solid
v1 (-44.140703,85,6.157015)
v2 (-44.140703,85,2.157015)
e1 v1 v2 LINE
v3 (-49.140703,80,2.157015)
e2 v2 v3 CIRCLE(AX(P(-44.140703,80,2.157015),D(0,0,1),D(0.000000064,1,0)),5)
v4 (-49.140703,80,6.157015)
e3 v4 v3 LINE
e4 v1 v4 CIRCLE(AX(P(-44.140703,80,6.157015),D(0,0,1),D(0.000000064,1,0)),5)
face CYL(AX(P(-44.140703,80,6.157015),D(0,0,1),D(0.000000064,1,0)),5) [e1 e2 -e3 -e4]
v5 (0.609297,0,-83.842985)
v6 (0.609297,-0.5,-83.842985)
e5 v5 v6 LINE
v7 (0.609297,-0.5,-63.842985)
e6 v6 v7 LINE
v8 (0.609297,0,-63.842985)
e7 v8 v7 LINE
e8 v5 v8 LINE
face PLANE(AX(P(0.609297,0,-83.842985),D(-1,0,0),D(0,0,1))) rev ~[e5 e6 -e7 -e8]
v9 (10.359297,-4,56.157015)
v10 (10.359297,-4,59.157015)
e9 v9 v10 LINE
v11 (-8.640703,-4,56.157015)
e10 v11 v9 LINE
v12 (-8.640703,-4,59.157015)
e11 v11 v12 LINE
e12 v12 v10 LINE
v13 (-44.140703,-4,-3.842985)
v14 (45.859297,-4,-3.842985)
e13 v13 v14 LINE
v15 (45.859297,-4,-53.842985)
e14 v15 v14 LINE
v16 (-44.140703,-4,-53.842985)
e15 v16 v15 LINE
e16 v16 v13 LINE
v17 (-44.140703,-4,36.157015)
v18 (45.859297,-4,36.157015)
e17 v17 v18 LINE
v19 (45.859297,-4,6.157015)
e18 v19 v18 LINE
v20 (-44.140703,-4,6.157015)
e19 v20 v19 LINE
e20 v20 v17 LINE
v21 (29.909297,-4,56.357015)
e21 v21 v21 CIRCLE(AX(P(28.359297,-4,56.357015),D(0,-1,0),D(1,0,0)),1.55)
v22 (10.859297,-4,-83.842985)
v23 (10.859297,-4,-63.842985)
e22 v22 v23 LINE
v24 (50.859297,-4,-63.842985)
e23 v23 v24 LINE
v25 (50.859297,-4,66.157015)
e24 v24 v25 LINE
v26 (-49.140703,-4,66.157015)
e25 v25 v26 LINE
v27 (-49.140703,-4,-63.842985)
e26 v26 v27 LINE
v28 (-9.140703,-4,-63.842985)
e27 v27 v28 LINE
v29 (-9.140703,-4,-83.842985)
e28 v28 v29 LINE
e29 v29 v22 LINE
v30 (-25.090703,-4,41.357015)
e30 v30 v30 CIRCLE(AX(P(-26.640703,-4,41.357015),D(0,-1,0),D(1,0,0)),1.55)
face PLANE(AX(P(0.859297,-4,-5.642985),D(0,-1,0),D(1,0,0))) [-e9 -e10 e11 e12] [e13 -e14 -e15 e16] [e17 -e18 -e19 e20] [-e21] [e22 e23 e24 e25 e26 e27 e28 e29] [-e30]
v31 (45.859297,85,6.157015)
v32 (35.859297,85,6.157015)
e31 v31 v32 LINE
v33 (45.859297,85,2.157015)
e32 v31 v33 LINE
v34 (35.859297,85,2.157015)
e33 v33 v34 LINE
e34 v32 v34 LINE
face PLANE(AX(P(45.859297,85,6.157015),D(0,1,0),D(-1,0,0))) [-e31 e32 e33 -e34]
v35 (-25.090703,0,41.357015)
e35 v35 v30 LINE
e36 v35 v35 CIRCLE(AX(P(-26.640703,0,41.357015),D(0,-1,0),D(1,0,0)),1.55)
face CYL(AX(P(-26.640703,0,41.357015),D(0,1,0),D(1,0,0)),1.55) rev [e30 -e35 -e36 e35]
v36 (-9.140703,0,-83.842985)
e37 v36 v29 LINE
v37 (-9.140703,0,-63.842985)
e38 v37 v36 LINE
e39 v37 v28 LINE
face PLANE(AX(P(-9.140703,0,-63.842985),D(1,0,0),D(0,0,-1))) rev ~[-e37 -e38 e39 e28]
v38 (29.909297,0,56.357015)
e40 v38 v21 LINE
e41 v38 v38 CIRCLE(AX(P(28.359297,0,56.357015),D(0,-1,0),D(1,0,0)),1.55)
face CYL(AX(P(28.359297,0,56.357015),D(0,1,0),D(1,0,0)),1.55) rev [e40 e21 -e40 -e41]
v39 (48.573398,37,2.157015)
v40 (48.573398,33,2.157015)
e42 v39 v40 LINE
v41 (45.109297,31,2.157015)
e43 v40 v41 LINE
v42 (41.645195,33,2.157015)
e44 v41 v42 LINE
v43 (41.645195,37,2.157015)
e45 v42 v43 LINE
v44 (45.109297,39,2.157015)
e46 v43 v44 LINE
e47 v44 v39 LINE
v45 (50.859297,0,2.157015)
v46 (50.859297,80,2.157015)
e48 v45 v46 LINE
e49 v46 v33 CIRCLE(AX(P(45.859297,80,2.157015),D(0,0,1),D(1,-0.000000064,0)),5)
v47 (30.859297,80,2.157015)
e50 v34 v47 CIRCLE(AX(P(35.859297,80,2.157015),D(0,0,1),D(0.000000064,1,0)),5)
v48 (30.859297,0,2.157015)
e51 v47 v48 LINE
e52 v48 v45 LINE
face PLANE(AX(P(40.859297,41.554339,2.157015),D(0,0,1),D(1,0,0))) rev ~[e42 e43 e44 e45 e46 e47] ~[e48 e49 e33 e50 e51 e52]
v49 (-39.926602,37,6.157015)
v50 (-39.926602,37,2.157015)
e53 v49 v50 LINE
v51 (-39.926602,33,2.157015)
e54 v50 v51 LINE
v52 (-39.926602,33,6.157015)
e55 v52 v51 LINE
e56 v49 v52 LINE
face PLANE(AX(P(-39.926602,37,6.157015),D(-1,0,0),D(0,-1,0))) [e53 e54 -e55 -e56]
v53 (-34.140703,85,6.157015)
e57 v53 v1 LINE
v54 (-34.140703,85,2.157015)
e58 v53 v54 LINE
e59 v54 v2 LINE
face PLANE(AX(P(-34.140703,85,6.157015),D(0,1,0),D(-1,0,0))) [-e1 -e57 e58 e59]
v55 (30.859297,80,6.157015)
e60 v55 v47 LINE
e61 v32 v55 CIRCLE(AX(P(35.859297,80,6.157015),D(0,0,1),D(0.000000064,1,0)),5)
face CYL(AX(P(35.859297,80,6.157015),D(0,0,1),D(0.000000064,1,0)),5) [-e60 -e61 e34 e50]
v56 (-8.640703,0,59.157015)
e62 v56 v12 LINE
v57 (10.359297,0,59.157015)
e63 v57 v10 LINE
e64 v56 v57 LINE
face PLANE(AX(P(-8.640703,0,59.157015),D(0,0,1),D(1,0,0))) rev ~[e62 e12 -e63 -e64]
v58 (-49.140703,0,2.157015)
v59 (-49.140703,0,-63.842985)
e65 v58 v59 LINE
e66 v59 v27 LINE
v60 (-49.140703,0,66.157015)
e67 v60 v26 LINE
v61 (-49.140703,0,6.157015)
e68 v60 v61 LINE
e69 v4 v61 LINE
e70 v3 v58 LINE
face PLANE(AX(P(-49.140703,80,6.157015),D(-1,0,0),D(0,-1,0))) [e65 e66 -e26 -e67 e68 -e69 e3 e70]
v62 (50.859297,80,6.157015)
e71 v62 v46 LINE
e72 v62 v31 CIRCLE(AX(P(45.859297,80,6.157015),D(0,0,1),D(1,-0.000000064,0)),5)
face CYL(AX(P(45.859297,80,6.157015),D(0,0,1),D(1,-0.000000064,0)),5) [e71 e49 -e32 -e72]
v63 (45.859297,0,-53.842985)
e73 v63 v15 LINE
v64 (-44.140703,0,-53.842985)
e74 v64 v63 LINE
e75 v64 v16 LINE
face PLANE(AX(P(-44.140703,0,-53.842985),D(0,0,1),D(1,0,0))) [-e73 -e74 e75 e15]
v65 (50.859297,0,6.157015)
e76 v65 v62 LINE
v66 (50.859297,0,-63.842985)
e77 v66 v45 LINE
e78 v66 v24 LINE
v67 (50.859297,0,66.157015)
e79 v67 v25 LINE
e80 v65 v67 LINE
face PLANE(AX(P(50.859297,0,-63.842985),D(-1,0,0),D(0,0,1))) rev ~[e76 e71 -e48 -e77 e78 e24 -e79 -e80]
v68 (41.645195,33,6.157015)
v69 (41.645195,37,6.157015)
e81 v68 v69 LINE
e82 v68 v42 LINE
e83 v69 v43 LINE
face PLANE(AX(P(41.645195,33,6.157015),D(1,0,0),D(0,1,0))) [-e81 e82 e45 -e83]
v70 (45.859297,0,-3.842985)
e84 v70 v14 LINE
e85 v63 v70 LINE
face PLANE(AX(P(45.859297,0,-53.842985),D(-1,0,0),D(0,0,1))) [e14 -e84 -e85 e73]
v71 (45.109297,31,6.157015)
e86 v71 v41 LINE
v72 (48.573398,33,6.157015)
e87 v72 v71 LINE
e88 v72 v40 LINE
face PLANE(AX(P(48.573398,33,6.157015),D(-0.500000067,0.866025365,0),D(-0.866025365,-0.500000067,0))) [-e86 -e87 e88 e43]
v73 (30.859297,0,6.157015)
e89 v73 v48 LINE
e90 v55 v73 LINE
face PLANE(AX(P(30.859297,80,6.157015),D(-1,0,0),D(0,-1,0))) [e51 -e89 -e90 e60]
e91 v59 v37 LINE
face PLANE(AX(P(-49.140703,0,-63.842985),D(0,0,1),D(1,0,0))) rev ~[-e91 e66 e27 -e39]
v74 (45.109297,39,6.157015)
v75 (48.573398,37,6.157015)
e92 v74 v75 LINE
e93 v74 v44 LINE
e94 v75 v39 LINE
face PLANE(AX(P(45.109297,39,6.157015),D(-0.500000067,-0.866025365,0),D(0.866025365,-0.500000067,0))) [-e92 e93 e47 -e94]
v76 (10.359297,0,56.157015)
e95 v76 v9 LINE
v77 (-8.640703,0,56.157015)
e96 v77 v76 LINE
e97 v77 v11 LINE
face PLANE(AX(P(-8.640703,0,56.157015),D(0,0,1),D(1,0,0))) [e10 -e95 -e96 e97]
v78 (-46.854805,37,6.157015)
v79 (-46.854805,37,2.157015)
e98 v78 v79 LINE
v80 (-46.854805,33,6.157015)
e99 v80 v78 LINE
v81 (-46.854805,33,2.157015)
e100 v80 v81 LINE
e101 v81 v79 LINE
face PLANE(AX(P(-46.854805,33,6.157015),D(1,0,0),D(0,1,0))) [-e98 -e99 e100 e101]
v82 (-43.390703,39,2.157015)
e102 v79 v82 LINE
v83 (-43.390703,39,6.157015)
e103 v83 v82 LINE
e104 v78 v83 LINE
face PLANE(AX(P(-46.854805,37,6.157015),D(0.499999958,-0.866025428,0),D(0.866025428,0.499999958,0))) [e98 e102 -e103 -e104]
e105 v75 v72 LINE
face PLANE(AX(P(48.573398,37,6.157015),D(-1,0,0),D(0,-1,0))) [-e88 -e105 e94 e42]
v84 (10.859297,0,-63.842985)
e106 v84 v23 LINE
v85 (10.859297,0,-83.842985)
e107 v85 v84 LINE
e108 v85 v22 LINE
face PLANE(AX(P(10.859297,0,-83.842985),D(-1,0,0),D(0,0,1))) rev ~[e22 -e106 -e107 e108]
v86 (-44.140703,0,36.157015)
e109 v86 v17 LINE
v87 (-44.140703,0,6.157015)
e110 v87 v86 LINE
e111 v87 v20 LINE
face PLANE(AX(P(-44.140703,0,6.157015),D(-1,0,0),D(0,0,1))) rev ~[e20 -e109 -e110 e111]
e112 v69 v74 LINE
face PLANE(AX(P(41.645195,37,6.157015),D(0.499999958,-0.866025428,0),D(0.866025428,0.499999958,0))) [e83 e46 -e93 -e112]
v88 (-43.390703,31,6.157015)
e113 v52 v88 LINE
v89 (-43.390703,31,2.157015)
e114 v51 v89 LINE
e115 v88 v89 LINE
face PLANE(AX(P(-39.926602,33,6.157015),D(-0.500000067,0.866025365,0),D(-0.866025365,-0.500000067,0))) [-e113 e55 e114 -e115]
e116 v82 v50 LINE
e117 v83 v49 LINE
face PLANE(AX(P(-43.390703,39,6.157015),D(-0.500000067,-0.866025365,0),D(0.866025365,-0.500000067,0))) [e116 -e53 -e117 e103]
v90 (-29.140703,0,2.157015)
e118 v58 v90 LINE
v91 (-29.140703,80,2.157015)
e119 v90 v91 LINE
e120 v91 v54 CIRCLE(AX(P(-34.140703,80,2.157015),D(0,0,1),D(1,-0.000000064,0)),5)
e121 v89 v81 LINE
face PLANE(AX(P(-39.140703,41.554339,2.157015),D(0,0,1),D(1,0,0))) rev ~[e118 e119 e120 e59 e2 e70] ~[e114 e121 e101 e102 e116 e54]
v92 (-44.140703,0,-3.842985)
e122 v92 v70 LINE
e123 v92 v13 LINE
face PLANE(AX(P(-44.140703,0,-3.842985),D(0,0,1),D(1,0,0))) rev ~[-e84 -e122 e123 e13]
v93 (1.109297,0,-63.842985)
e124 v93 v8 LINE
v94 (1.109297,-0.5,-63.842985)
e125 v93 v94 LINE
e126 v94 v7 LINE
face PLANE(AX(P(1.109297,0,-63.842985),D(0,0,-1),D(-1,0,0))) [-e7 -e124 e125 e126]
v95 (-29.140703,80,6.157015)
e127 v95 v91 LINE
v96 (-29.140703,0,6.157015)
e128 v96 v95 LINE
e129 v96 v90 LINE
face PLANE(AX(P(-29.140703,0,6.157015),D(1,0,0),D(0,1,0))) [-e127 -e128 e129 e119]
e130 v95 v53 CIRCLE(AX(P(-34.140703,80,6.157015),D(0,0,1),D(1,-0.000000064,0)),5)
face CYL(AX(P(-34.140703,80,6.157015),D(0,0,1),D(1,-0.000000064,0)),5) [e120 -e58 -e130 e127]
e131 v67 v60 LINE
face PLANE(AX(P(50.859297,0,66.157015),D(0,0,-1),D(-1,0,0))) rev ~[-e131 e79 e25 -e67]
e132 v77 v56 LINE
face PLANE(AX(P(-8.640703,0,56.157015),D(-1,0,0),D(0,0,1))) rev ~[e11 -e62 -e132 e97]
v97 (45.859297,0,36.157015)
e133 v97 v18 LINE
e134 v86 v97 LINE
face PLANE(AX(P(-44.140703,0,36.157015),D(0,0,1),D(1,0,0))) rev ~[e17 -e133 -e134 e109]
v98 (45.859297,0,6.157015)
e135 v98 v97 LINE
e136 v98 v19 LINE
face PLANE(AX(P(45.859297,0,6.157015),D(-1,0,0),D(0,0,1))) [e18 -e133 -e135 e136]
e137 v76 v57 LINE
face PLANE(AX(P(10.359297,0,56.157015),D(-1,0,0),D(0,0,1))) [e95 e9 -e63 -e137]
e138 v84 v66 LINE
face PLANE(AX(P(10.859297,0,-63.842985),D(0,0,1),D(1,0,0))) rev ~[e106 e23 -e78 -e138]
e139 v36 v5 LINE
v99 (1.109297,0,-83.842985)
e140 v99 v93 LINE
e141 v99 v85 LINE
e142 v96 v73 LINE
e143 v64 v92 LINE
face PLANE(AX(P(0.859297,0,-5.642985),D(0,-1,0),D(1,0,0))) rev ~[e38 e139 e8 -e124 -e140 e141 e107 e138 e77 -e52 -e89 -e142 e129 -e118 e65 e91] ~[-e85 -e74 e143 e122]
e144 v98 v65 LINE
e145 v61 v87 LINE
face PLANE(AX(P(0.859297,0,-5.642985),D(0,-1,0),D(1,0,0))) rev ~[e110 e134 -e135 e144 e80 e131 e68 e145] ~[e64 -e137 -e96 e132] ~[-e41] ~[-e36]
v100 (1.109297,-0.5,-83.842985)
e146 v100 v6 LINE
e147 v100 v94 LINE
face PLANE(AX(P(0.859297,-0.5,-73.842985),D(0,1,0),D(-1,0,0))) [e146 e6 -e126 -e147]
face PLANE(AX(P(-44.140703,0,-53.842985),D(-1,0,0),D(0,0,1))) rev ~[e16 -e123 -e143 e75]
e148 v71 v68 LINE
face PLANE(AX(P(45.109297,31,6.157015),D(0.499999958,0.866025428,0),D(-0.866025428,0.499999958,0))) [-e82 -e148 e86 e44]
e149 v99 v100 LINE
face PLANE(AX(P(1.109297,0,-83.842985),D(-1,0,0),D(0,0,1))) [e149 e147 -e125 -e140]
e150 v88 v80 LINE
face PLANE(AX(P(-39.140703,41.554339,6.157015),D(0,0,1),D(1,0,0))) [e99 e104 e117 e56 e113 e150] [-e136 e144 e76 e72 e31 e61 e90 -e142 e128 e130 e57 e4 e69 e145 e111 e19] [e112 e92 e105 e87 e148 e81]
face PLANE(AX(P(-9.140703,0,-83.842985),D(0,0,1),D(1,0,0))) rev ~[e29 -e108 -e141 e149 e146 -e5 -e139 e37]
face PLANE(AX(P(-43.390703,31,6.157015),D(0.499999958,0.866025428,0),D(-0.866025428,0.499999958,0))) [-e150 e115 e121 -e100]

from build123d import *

# Parameters (mm, degrees)
F0_W     = 90
F0_H     = 50
F0_H_2   = 30
F0_R     = 1.55
F0_W_2   = 19
F0_H_3   = 3
F1_DEPTH = 4
F3_DEPTH = 4
F4_W     = 0.5
F4_H     = 20
F5_DEPTH = 0.5


with BuildPart() as f1:
    # F0 (on Front) → F1 (new body)
    with BuildSketch(Plane.XZ):
        Polygon((50.859297, 66.157015), (-49.140703, 66.157015), (-49.140703, -63.842985), (-9.140703, -63.842985), (-9.140703, -83.842985), (10.859297, -83.842985), (10.859297, -63.842985), (50.859297, -63.842985), align=None)
        with Locations((0.859297, -28.842985)):
            Rectangle(F0_W, F0_H, mode=Mode.SUBTRACT)
        with Locations((0.859297, 21.157015)):
            Rectangle(F0_W, F0_H_2, mode=Mode.SUBTRACT)
        with Locations((-26.640703, 41.357015)):
            Circle(F0_R, mode=Mode.SUBTRACT)
        with Locations((0.859297, 57.657015)):
            Rectangle(F0_W_2, F0_H_3, mode=Mode.SUBTRACT)
        with Locations((28.359297, 56.357015)):
            Circle(F0_R, mode=Mode.SUBTRACT)
    extrude(amount=F1_DEPTH)

    # F2 (on face) → F3 (join)
    with BuildSketch(Plane.XY.offset(6.157015)):
        with BuildLine():
            Line((-49.140703, 80), (-49.140703, 0))
            Line((-49.140703, 0), (-29.140703, 0))
            Line((-29.140703, 0), (-29.140703, 80))
            ThreePointArc((-29.140703, 80), (-30.605169, 83.535534), (-34.140703, 85))
            Line((-34.140703, 85), (-44.140703, 85))
            ThreePointArc((-44.140703, 85), (-47.676237, 83.535534), (-49.140703, 80))
        make_face()
        Polygon((-46.854805, 37), (-43.390703, 39), (-39.926602, 37), (-39.926602, 33), (-43.390703, 31), (-46.854805, 33), align=None, mode=Mode.SUBTRACT)
        with BuildLine():
            Line((30.859297, 80), (30.859297, 0))
            Line((30.859297, 0), (50.859297, 0))
            Line((50.859297, 0), (50.859297, 80))
            ThreePointArc((50.859297, 80), (49.394831, 83.535534), (45.859297, 85))
            Line((45.859297, 85), (35.859297, 85))
            ThreePointArc((35.859297, 85), (32.323763, 83.535534), (30.859297, 80))
        make_face()
        Polygon((45.109297, 39), (48.573398, 37), (48.573398, 33), (45.109297, 31), (41.645195, 33), (41.645195, 37), align=None, mode=Mode.SUBTRACT)
    extrude(amount=-F3_DEPTH)

    # F4 (on face) → F5 (cut)
    with BuildSketch(Plane(origin=(0, 0, 0), x_dir=(-1, 0, 0), z_dir=(0, 1, 0))):
        with Locations((-0.859297, -73.842985)):
            Rectangle(F4_W, F4_H)
    extrude(amount=-F5_DEPTH, mode=Mode.SUBTRACT)


solid = f1.part
